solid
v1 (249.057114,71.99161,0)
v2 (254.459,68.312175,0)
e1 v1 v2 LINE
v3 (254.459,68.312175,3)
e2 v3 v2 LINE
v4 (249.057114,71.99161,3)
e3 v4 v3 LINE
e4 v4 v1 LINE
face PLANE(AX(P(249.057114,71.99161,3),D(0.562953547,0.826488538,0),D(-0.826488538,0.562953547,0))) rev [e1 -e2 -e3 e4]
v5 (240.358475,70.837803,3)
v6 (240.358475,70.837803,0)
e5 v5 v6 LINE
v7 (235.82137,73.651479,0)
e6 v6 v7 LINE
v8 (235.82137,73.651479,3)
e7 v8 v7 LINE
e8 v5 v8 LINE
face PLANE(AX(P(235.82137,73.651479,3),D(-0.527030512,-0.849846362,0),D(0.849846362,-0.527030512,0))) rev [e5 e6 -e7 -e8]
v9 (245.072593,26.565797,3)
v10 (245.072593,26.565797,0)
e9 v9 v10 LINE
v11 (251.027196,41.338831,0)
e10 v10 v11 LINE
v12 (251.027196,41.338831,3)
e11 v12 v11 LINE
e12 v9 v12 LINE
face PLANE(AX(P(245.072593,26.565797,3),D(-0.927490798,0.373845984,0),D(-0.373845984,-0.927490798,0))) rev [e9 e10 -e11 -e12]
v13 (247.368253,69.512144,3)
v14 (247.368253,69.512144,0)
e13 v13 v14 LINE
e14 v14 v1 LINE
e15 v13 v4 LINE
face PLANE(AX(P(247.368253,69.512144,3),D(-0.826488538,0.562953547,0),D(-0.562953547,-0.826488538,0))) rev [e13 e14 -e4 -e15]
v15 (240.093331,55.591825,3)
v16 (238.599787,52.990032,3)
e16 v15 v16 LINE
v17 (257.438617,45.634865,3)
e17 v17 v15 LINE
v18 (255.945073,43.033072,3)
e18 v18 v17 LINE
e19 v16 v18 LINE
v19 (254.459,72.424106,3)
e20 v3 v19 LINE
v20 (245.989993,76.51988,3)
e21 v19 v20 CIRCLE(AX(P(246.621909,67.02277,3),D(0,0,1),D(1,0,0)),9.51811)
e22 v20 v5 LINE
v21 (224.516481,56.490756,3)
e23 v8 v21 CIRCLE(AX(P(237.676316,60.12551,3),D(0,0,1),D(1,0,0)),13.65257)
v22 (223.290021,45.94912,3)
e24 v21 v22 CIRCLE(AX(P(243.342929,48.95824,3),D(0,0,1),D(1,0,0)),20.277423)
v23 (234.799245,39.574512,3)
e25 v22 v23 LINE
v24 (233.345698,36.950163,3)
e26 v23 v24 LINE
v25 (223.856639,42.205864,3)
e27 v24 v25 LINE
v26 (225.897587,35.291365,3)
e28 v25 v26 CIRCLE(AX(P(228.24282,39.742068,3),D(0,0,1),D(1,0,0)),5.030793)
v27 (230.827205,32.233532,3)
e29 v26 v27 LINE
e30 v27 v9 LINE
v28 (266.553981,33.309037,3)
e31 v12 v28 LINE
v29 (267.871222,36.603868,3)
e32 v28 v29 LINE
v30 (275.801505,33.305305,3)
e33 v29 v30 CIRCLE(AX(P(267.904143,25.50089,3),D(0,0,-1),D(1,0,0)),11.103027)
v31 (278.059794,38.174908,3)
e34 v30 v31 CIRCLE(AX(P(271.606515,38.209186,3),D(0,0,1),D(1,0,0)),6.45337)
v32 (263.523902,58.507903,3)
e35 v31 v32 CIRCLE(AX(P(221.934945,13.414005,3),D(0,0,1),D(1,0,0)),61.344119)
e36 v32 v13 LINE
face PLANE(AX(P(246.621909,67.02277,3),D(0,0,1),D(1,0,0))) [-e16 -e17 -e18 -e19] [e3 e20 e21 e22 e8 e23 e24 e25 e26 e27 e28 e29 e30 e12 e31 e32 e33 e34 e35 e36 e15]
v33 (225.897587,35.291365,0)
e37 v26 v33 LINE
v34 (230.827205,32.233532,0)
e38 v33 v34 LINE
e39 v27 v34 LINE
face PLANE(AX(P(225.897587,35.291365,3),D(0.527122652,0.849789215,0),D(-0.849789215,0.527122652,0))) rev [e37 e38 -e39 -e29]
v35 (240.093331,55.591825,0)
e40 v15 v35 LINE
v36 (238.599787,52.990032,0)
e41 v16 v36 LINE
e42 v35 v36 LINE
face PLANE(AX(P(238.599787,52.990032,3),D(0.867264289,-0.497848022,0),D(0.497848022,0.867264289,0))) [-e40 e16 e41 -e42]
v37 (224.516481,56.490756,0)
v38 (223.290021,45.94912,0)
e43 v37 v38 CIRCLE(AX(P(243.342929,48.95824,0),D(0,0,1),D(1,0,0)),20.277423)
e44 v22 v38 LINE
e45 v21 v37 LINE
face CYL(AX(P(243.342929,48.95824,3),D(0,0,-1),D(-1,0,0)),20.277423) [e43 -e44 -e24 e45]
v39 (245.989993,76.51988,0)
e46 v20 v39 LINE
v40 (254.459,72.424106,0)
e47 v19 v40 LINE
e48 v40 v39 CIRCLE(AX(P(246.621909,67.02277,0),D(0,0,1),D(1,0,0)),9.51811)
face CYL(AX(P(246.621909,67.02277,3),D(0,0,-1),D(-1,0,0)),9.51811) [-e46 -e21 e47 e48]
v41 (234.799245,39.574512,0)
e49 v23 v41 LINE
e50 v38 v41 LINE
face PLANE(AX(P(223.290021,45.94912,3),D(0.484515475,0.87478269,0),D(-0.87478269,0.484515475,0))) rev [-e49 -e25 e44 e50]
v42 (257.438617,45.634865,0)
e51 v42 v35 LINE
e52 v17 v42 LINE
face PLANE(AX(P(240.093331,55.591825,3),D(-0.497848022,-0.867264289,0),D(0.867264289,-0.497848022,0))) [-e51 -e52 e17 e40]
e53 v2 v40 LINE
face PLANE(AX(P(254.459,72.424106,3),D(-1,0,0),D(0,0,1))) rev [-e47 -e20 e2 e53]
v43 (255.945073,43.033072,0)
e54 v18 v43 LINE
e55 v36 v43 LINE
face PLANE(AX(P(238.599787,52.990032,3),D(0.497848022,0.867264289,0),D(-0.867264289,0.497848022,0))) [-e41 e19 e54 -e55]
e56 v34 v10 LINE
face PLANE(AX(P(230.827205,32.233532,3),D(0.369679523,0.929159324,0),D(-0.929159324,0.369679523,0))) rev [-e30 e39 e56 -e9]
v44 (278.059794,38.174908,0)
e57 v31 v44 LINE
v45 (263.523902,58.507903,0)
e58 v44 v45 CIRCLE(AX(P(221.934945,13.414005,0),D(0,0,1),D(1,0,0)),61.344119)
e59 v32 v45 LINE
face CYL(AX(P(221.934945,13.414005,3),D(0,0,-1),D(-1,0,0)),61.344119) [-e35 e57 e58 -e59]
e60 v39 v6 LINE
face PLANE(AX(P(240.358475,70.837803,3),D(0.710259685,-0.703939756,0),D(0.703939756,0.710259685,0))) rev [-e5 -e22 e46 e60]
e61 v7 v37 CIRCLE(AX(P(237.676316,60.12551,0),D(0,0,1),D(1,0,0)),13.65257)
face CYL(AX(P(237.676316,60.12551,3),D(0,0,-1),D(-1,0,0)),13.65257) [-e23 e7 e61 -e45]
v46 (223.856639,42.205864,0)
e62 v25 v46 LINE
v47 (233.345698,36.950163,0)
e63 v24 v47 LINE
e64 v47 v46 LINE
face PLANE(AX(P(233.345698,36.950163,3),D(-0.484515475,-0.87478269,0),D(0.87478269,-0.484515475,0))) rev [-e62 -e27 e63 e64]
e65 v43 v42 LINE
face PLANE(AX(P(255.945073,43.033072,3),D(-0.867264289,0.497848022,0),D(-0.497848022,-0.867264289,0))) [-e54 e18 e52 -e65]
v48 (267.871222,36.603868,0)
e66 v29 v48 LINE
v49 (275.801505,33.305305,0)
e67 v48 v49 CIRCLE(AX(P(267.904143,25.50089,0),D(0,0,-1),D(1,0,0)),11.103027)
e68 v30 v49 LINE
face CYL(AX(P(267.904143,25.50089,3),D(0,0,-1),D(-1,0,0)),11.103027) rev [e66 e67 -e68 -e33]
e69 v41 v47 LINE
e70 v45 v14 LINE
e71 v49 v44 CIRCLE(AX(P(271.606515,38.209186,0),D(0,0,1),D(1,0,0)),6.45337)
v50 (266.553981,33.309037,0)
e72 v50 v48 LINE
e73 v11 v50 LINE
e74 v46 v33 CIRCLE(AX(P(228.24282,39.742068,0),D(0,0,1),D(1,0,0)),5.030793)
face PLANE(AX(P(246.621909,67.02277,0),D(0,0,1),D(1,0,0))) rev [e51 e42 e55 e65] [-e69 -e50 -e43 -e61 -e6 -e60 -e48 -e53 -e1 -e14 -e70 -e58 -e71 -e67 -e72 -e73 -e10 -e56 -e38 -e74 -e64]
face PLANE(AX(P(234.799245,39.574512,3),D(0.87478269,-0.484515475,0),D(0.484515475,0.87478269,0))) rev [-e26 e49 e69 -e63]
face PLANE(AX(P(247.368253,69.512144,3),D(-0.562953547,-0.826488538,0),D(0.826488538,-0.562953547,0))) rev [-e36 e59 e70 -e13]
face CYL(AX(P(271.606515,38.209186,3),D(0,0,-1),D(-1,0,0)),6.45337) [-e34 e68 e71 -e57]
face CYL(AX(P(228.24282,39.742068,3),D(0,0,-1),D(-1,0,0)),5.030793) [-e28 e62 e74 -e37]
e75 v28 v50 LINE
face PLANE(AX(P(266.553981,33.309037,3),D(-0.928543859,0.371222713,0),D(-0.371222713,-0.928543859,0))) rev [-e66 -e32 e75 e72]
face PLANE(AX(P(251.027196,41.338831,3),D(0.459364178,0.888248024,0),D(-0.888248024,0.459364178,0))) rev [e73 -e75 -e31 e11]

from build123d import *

# Parameters (mm, degrees)
BASE_EXTRUDE_DEPTH = 3


with BuildPart() as part:
    # Sketch1 → Base-Extrude (new body)
    with BuildSketch(Plane.XY):
        with BuildLine():
            Line((254.458999609, 72.42410604), (254.458999609, 68.312175266))
            Line((254.458999609, 68.312175266), (249.057113985, 71.99161005))
            Line((249.057113985, 71.99161005), (247.368253343, 69.512144436))
            Line((247.368253343, 69.512144436), (263.523901664, 58.507902857))
            ThreePointArc((263.523901664, 58.507902857), (271.838397848, 49.089575752), (278.059793662, 38.174908264))
            ThreePointArc((278.059793662, 38.174908264), (277.460971595, 35.494168544), (275.801504518, 33.305305293))
            ThreePointArc((275.801504518, 33.305305293), (272.168235705, 35.752461976), (267.87122217, 36.603868337))
            Line((267.87122217, 36.603868337), (266.553980851, 33.3090367))
            Line((266.553980851, 33.3090367), (251.02719612, 41.33883075))
            Line((251.02719612, 41.33883075), (245.072593427, 26.565797378))
            Line((245.072593427, 26.565797378), (230.827204858, 32.233531984))
            Line((230.827204858, 32.233531984), (225.897587097, 35.291364614))
            ThreePointArc((225.897587097, 35.291364614), (223.417826754, 38.317877983), (223.856638727, 42.205864427))
            Line((223.856638727, 42.205864427), (233.34569838, 36.950163447))
            Line((233.34569838, 36.950163447), (234.799244804, 39.574511517))
            Line((234.799244804, 39.574511517), (223.290021138, 45.949119784))
            ThreePointArc((223.290021138, 45.949119784), (223.201365162, 51.301598344), (224.516481401, 56.490755877))
            ThreePointArc((224.516481401, 56.490755877), (226.27528444, 67.636113231), (235.821369896, 73.651479483))
            Line((235.821369896, 73.651479483), (240.358475054, 70.837802847))
            Line((240.358475054, 70.837802847), (245.989993101, 76.519880328))
            ThreePointArc((245.989993101, 76.519880328), (250.765877804, 75.591430608), (254.458999609, 72.42410604))
        make_face()
        Polygon((240.093331419, 55.591825093), (257.438617194, 45.634864644), (255.945073126, 43.033071777), (238.599787351, 52.990032226), align=None, mode=Mode.SUBTRACT)
    extrude(amount=BASE_EXTRUDE_DEPTH)


solid = part.part
